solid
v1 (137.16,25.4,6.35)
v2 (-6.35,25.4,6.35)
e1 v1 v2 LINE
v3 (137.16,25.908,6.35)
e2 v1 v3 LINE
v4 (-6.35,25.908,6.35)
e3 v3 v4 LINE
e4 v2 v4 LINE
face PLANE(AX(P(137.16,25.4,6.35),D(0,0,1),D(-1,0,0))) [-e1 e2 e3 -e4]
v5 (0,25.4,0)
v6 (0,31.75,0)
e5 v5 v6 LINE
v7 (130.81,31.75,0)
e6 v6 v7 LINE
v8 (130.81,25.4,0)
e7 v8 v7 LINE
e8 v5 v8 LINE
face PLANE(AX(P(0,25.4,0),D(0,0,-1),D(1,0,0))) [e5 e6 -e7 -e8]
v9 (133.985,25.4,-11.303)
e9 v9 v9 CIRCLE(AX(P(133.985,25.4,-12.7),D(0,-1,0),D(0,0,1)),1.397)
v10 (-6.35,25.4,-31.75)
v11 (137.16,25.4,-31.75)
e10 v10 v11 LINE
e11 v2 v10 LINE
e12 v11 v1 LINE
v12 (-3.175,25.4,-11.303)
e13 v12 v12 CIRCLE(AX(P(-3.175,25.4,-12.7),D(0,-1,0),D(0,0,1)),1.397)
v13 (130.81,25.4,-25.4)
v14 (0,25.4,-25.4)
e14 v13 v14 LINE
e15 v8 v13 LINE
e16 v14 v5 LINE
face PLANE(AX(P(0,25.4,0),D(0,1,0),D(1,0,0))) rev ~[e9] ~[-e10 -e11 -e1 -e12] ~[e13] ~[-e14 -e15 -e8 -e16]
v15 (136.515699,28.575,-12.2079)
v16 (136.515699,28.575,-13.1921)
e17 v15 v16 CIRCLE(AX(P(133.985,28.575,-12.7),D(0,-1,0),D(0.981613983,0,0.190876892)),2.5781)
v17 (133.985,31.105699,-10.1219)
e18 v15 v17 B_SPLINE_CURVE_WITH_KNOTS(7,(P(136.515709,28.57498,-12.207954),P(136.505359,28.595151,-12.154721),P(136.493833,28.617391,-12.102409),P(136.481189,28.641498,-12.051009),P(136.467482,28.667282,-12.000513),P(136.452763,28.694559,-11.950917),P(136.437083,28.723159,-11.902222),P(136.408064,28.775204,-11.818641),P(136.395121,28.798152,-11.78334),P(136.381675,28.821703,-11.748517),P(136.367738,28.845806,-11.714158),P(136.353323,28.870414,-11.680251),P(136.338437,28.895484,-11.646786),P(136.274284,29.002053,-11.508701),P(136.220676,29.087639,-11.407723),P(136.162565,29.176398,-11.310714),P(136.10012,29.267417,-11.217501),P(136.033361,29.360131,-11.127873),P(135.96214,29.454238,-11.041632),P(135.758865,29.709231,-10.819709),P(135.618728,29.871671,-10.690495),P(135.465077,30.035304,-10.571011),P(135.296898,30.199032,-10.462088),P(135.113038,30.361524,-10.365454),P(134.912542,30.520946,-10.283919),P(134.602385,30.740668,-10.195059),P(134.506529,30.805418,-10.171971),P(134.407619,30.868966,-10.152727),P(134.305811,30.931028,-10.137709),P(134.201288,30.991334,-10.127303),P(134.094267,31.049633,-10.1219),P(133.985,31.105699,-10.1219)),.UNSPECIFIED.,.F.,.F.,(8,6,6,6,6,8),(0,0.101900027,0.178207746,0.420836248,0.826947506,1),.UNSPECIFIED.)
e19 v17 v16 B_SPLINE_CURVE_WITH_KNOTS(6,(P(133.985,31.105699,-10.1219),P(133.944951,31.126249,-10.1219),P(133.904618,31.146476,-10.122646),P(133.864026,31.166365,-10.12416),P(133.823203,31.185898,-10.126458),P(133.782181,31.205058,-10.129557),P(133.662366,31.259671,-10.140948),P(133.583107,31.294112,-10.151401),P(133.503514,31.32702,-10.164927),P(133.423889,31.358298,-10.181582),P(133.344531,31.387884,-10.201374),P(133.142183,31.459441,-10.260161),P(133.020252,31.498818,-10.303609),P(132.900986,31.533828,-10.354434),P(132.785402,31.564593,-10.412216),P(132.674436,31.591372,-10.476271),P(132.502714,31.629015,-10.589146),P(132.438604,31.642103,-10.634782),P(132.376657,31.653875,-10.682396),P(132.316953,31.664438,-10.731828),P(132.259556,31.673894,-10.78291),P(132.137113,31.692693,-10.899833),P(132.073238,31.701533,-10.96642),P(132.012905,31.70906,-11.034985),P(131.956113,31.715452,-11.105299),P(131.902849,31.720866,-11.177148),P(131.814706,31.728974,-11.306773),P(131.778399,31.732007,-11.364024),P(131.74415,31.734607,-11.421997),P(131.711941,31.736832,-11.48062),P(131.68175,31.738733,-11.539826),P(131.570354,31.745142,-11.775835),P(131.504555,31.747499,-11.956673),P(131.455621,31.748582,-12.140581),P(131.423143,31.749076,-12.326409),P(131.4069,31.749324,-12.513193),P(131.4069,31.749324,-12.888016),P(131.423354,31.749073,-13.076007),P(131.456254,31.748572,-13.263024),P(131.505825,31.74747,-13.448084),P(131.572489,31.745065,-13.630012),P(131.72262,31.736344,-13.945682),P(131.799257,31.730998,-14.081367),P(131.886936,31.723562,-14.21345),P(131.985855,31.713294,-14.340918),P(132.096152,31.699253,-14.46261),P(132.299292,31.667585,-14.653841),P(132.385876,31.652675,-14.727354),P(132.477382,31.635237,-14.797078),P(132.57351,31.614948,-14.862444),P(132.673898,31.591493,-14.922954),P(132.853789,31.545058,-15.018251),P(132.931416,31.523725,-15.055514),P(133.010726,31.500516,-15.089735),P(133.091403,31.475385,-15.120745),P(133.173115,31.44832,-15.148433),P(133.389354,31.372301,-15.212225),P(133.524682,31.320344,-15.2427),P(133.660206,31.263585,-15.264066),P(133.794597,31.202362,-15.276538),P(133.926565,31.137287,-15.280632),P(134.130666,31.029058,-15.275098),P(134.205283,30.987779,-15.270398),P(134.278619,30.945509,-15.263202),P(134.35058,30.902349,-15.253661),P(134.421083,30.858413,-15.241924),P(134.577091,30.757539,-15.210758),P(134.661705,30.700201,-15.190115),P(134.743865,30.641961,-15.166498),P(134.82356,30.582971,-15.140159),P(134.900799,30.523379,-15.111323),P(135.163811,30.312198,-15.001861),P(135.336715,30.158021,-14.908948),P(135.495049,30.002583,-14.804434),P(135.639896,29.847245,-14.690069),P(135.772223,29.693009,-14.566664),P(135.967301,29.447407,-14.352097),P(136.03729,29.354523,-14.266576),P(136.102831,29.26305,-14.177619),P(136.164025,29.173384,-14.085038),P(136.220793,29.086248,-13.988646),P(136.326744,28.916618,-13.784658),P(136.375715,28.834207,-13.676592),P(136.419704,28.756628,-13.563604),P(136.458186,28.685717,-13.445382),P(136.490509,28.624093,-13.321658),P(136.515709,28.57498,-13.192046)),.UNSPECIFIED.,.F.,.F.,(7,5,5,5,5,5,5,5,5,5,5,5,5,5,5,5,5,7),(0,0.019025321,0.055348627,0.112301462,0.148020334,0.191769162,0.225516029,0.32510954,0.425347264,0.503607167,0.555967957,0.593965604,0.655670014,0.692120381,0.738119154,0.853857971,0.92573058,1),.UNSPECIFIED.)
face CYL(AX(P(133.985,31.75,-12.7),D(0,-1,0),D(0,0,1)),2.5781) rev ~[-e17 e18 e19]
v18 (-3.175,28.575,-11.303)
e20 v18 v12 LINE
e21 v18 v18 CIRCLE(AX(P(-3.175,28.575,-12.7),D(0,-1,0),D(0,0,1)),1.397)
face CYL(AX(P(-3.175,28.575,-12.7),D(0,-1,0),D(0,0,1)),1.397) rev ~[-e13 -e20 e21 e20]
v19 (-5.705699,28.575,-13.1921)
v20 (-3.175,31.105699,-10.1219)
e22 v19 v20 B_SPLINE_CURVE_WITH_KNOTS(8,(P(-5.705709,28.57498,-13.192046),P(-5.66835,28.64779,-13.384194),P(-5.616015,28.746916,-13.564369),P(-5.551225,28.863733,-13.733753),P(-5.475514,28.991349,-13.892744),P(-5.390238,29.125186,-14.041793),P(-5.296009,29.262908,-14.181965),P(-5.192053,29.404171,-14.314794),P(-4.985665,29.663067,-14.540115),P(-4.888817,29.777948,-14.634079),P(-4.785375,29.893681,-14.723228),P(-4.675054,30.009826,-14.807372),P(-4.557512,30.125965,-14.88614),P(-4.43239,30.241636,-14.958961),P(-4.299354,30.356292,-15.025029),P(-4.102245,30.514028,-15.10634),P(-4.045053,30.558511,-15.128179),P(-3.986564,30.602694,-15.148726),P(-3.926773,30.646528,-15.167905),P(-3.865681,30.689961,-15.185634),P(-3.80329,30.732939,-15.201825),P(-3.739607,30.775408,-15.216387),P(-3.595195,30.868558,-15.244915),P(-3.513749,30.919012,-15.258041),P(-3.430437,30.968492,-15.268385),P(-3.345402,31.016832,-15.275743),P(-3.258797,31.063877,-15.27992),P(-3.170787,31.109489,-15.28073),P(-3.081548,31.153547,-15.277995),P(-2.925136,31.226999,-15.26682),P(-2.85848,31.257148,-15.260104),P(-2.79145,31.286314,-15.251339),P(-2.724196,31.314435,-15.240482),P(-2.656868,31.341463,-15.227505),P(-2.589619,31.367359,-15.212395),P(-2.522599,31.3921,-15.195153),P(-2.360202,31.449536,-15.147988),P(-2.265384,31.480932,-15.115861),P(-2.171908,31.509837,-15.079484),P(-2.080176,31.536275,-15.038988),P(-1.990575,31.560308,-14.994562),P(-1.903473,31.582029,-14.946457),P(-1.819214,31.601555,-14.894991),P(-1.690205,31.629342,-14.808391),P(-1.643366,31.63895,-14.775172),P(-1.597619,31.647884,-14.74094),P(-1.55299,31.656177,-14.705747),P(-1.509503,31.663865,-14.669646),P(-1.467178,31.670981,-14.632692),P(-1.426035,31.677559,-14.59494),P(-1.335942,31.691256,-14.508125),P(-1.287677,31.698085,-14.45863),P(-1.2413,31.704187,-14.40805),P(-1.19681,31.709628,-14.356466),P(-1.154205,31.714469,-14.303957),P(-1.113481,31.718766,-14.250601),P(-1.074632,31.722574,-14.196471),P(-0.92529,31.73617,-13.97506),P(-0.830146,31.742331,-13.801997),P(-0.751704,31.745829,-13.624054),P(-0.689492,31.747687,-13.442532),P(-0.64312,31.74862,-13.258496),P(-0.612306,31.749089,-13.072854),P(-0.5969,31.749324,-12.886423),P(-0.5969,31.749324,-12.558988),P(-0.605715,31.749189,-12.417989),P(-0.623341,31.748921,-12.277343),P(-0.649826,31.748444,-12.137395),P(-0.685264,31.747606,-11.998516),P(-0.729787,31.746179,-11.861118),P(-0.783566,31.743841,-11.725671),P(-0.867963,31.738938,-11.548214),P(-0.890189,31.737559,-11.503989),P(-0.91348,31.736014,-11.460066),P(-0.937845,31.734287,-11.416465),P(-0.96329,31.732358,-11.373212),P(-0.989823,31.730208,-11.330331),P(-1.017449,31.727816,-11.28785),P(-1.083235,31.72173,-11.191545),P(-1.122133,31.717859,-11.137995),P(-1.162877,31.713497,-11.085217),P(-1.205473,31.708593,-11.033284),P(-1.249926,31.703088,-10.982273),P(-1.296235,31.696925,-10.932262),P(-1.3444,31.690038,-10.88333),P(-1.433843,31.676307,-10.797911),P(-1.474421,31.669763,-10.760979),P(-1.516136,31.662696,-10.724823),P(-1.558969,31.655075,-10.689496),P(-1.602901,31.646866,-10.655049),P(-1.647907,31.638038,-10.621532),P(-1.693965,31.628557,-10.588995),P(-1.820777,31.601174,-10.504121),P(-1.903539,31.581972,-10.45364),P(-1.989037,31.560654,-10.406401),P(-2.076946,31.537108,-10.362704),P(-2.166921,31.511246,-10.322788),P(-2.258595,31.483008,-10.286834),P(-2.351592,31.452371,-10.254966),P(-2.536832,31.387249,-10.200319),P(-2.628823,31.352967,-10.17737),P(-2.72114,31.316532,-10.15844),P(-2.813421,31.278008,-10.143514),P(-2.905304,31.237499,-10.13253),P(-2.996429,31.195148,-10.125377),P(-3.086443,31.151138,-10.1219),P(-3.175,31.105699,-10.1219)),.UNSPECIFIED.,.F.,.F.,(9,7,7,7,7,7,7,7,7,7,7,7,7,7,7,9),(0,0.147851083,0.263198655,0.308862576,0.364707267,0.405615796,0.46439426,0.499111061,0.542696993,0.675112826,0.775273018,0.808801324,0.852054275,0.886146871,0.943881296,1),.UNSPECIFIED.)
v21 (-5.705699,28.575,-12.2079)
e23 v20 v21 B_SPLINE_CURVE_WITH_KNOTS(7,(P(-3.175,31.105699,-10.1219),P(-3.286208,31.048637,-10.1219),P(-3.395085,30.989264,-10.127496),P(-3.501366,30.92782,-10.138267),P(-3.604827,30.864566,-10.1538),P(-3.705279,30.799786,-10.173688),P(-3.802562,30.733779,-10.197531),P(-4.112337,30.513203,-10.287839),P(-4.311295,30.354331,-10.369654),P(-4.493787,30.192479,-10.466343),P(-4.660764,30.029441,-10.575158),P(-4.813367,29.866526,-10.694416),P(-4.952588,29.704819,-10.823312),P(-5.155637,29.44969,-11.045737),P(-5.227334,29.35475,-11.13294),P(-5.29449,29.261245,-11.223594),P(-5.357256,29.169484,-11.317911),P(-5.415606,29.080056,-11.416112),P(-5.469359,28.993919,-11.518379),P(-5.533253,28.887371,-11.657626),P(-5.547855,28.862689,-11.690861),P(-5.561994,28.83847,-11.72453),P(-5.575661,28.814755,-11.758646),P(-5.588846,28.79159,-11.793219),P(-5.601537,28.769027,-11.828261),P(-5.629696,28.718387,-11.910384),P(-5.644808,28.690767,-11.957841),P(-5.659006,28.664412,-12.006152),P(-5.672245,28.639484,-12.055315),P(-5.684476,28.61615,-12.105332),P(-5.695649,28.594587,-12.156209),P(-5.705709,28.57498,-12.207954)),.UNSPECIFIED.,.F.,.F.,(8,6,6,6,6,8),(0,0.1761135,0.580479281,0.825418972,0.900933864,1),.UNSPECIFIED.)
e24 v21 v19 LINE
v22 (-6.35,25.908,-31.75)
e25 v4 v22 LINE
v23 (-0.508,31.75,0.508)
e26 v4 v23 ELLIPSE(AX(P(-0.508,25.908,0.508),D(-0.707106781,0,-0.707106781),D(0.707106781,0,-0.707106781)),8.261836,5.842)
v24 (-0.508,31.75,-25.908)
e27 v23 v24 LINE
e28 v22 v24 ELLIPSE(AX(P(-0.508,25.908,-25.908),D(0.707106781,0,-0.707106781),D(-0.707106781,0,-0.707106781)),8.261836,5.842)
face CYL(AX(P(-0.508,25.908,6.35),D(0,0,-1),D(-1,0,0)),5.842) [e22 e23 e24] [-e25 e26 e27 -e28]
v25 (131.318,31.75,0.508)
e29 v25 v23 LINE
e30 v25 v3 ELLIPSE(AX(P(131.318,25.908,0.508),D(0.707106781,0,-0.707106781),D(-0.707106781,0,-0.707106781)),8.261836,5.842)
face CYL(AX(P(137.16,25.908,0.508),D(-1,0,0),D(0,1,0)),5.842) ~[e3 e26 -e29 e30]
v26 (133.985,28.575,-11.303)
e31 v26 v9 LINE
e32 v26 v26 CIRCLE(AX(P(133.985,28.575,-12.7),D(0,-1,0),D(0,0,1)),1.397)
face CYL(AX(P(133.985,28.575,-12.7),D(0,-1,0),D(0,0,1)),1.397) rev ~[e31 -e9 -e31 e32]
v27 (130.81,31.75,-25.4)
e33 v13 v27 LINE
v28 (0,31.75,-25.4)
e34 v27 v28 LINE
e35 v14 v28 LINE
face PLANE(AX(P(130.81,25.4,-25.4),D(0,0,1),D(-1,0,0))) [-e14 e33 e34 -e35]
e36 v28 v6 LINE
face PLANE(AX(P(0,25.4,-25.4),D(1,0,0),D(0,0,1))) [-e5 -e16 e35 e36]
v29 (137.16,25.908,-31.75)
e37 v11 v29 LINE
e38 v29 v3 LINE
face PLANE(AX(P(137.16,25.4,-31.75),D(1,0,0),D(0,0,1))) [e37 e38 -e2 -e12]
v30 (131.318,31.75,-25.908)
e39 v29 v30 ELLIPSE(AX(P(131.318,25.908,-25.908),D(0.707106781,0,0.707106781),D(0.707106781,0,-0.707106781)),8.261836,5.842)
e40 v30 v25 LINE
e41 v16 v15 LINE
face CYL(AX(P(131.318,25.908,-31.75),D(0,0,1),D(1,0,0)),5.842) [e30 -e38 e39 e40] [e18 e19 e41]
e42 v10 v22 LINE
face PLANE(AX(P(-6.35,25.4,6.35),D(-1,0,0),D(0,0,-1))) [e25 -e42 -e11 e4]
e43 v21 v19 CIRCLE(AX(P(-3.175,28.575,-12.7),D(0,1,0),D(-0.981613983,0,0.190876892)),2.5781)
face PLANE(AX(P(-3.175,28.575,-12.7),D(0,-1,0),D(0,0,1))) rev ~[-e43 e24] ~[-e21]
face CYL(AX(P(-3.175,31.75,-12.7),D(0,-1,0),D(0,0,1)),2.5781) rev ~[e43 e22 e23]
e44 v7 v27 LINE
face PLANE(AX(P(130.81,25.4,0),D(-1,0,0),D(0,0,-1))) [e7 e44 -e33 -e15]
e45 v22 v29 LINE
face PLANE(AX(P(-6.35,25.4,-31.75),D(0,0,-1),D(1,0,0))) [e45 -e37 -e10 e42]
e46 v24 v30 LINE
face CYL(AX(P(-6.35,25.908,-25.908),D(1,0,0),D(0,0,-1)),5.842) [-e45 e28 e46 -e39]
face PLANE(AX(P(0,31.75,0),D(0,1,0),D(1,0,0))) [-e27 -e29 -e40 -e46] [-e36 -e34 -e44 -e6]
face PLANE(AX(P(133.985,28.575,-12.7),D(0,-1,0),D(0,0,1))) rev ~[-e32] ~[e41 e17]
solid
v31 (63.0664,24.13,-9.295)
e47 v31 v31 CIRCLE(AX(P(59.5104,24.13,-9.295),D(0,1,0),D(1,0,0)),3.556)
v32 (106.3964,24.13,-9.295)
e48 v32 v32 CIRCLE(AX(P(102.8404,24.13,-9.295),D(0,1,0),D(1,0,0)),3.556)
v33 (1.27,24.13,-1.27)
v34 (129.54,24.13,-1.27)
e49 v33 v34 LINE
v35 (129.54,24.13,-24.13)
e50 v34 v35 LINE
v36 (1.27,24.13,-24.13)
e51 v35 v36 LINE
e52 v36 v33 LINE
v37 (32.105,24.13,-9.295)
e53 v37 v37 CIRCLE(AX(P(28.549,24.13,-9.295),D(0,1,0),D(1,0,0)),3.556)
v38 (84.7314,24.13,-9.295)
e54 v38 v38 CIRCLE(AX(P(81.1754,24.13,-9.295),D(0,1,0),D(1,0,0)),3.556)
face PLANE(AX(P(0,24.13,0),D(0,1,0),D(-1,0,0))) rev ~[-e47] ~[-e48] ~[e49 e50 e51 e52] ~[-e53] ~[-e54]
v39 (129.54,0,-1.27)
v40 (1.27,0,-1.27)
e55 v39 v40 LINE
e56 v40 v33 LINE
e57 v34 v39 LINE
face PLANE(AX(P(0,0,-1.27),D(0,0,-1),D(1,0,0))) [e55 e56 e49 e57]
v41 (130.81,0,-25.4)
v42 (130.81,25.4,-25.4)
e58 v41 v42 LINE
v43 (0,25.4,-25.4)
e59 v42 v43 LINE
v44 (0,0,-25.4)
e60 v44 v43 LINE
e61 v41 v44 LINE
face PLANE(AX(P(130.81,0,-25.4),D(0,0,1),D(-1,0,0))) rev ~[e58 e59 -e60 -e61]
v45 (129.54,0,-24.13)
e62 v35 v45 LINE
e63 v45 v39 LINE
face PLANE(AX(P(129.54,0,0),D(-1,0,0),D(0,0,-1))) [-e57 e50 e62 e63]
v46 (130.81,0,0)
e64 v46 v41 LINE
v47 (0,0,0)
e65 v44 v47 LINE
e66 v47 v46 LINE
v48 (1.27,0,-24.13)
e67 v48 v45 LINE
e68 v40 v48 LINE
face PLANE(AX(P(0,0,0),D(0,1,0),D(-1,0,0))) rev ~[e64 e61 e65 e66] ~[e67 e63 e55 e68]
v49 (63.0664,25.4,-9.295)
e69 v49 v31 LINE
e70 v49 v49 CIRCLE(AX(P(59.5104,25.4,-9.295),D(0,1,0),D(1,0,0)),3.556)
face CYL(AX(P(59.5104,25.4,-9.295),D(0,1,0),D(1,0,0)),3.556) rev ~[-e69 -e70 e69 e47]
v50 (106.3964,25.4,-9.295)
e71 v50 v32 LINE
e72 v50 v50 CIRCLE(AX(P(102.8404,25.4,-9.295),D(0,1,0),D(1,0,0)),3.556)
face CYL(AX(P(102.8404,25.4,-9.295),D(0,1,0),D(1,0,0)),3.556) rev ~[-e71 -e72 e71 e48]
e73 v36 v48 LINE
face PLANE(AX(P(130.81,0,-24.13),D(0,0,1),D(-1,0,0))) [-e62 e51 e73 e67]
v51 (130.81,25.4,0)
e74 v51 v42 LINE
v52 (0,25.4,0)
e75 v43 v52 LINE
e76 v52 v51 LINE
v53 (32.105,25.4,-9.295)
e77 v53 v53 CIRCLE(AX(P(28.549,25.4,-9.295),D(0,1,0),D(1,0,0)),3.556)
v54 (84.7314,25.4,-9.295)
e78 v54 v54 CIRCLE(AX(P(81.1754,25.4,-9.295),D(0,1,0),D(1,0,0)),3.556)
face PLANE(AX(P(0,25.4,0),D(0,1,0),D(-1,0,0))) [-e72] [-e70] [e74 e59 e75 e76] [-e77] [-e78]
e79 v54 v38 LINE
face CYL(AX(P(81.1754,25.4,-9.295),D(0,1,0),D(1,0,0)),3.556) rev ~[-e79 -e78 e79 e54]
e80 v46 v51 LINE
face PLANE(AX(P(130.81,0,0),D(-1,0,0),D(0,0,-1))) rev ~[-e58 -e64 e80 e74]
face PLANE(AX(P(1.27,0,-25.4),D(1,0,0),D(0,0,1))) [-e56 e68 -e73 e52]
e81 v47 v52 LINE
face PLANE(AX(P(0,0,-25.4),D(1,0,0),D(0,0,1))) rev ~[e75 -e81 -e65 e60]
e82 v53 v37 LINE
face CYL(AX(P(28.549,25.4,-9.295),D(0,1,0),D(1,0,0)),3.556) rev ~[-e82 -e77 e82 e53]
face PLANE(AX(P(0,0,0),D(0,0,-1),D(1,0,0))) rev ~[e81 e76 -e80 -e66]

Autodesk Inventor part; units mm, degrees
ref_plane "YZ Plane" through (0, 0, 0) normal (1, 0, 0) x (0, 1, 0)
ref_plane "XZ Plane" through (0, 0, 0) normal (0, 1, 0) x (-1, 0, 0)
sketch "Sketch1" plane through (0, 0, 0) normal (0, 1, 0) x (-1, 0, 0)
  line L0 (0, 0) -> (-130.81, 0)
  line L1 (-130.81, 0) -> (-130.81, -25.4)
  line L2 (-130.81, -25.4) -> (0, -25.4)
  line L3 (0, -25.4) -> (0, 0)
  dimension "d0" = 130.81
  dimension "d1" = 25.4
extrude "Extrusion1" add sketch "Sketch1" along normal blind 25.4
shell "Shell1" thickness 1.27 removed faces 1 at (87.2067, 0, -8.4667)
sketch "Sketch2" plane through (0, 25.4, 0) normal (0, 1, 0) x (1, 0, 0)
  circle A0 centre (28.549, 9.295) radius 3 projected
  circle A1 centre (59.5104, 9.295) radius 3 projected
  circle A2 centre (81.1754, 9.295) radius 3 projected
  circle A3 centre (102.8404, 9.295) radius 3 projected
  circle A4 centre (28.549, 9.295) radius 3.556
  circle A5 centre (59.5104, 9.295) radius 3.556
  circle A6 centre (81.1754, 9.295) radius 3.556
  circle A7 centre (102.8404, 9.295) radius 3.556
  point P0 (0, 0)
  dimension "d5" = 7.112
  dimension "d6" = 7.112
  dimension "d7" = 7.112
  dimension "d8" = 7.112
extrude "Extrusion2" cut sketch "Sketch2" against normal blind 25.4 contours A0 | A1 | A2 | A3 | A4 | A5 | A6 | A7
sketch "Sketch3" plane through (0, 25.4, 0) normal (0, 1, 0) x (1, 0, 0)
  circle A0 centre (81.1754, 9.295) radius 3.556 projected
  circle A1 centre (28.549, 9.295) radius 3.556 projected
  circle A2 centre (59.5104, 9.295) radius 3.556 projected
  circle A3 centre (102.8404, 9.295) radius 3.556 projected
  line L0 (0, 0) -> (130.81, 0) projected
  line L1 (130.81, 0) -> (130.81, 25.4) projected
  line L2 (130.81, 25.4) -> (0, 25.4) projected
  line L3 (0, 25.4) -> (0, 0) projected
  line L4 (-6.35, 31.75) -> (137.16, 31.75)
  line L5 (137.16, 31.75) -> (137.16, -6.35)
  line L6 (137.16, -6.35) -> (-6.35, -6.35)
  line L7 (-6.35, -6.35) -> (-6.35, 31.75)
  dimension "d11" = 6.35
extrude "Extrusion3" add sketch "Sketch3" along normal blind 6.35 contours L4 L5 L6 L7
fillet "Fillet1" radius 5.842 4 edges at (-6.35, 31.75, -12.7) (65.405, 31.75, -31.75) (65.405, 31.75, 6.35) (137.16, 31.75, -12.7)
ref_plane "Work Plane1" through (0, 31.75, 0) normal (0, -1, 0) x (1, 0, 0)
sketch "Sketch4" plane through (0, 31.75, 0) normal (0, -1, 0) x (1, 0, 0)
  line L0 (0, -25.4) -> (0, 0) projected
  line L1 (0, 0) -> (130.81, 0) projected
  line L2 (130.81, 0) -> (130.81, -25.4) projected
  line L3 (130.81, -25.4) -> (0, -25.4) projected
  line L4 (-6.35, -31.75) -> (137.16, -31.75) projected
  line L5 (137.16, -31.75) -> (137.16, 6.35) projected
  line L6 (137.16, 6.35) -> (-6.35, 6.35) projected
  line L7 (-6.35, 6.35) -> (-6.35, -31.75) projected
  point P0 (-3.175, -12.7)
  point P1 (133.985, -12.7)
  dimension "d25" = 19.05
  dimension "d26" = 3.175
  dimension "d27" = 19.05
  dimension "d28" = 3.175
hole "Hole2" at (-3.175, 31.75, -12.7) at (133.985, 31.75, -12.7) direction (0, -1, 0) diameter 2.794 end through all counterbore diameter 5.1562 counterbore depth 3.175 clearance for "Socket Head Cap Screw" size "#3" standard "Ansi Unified Screw Threads"
properties part number "Bessel"
